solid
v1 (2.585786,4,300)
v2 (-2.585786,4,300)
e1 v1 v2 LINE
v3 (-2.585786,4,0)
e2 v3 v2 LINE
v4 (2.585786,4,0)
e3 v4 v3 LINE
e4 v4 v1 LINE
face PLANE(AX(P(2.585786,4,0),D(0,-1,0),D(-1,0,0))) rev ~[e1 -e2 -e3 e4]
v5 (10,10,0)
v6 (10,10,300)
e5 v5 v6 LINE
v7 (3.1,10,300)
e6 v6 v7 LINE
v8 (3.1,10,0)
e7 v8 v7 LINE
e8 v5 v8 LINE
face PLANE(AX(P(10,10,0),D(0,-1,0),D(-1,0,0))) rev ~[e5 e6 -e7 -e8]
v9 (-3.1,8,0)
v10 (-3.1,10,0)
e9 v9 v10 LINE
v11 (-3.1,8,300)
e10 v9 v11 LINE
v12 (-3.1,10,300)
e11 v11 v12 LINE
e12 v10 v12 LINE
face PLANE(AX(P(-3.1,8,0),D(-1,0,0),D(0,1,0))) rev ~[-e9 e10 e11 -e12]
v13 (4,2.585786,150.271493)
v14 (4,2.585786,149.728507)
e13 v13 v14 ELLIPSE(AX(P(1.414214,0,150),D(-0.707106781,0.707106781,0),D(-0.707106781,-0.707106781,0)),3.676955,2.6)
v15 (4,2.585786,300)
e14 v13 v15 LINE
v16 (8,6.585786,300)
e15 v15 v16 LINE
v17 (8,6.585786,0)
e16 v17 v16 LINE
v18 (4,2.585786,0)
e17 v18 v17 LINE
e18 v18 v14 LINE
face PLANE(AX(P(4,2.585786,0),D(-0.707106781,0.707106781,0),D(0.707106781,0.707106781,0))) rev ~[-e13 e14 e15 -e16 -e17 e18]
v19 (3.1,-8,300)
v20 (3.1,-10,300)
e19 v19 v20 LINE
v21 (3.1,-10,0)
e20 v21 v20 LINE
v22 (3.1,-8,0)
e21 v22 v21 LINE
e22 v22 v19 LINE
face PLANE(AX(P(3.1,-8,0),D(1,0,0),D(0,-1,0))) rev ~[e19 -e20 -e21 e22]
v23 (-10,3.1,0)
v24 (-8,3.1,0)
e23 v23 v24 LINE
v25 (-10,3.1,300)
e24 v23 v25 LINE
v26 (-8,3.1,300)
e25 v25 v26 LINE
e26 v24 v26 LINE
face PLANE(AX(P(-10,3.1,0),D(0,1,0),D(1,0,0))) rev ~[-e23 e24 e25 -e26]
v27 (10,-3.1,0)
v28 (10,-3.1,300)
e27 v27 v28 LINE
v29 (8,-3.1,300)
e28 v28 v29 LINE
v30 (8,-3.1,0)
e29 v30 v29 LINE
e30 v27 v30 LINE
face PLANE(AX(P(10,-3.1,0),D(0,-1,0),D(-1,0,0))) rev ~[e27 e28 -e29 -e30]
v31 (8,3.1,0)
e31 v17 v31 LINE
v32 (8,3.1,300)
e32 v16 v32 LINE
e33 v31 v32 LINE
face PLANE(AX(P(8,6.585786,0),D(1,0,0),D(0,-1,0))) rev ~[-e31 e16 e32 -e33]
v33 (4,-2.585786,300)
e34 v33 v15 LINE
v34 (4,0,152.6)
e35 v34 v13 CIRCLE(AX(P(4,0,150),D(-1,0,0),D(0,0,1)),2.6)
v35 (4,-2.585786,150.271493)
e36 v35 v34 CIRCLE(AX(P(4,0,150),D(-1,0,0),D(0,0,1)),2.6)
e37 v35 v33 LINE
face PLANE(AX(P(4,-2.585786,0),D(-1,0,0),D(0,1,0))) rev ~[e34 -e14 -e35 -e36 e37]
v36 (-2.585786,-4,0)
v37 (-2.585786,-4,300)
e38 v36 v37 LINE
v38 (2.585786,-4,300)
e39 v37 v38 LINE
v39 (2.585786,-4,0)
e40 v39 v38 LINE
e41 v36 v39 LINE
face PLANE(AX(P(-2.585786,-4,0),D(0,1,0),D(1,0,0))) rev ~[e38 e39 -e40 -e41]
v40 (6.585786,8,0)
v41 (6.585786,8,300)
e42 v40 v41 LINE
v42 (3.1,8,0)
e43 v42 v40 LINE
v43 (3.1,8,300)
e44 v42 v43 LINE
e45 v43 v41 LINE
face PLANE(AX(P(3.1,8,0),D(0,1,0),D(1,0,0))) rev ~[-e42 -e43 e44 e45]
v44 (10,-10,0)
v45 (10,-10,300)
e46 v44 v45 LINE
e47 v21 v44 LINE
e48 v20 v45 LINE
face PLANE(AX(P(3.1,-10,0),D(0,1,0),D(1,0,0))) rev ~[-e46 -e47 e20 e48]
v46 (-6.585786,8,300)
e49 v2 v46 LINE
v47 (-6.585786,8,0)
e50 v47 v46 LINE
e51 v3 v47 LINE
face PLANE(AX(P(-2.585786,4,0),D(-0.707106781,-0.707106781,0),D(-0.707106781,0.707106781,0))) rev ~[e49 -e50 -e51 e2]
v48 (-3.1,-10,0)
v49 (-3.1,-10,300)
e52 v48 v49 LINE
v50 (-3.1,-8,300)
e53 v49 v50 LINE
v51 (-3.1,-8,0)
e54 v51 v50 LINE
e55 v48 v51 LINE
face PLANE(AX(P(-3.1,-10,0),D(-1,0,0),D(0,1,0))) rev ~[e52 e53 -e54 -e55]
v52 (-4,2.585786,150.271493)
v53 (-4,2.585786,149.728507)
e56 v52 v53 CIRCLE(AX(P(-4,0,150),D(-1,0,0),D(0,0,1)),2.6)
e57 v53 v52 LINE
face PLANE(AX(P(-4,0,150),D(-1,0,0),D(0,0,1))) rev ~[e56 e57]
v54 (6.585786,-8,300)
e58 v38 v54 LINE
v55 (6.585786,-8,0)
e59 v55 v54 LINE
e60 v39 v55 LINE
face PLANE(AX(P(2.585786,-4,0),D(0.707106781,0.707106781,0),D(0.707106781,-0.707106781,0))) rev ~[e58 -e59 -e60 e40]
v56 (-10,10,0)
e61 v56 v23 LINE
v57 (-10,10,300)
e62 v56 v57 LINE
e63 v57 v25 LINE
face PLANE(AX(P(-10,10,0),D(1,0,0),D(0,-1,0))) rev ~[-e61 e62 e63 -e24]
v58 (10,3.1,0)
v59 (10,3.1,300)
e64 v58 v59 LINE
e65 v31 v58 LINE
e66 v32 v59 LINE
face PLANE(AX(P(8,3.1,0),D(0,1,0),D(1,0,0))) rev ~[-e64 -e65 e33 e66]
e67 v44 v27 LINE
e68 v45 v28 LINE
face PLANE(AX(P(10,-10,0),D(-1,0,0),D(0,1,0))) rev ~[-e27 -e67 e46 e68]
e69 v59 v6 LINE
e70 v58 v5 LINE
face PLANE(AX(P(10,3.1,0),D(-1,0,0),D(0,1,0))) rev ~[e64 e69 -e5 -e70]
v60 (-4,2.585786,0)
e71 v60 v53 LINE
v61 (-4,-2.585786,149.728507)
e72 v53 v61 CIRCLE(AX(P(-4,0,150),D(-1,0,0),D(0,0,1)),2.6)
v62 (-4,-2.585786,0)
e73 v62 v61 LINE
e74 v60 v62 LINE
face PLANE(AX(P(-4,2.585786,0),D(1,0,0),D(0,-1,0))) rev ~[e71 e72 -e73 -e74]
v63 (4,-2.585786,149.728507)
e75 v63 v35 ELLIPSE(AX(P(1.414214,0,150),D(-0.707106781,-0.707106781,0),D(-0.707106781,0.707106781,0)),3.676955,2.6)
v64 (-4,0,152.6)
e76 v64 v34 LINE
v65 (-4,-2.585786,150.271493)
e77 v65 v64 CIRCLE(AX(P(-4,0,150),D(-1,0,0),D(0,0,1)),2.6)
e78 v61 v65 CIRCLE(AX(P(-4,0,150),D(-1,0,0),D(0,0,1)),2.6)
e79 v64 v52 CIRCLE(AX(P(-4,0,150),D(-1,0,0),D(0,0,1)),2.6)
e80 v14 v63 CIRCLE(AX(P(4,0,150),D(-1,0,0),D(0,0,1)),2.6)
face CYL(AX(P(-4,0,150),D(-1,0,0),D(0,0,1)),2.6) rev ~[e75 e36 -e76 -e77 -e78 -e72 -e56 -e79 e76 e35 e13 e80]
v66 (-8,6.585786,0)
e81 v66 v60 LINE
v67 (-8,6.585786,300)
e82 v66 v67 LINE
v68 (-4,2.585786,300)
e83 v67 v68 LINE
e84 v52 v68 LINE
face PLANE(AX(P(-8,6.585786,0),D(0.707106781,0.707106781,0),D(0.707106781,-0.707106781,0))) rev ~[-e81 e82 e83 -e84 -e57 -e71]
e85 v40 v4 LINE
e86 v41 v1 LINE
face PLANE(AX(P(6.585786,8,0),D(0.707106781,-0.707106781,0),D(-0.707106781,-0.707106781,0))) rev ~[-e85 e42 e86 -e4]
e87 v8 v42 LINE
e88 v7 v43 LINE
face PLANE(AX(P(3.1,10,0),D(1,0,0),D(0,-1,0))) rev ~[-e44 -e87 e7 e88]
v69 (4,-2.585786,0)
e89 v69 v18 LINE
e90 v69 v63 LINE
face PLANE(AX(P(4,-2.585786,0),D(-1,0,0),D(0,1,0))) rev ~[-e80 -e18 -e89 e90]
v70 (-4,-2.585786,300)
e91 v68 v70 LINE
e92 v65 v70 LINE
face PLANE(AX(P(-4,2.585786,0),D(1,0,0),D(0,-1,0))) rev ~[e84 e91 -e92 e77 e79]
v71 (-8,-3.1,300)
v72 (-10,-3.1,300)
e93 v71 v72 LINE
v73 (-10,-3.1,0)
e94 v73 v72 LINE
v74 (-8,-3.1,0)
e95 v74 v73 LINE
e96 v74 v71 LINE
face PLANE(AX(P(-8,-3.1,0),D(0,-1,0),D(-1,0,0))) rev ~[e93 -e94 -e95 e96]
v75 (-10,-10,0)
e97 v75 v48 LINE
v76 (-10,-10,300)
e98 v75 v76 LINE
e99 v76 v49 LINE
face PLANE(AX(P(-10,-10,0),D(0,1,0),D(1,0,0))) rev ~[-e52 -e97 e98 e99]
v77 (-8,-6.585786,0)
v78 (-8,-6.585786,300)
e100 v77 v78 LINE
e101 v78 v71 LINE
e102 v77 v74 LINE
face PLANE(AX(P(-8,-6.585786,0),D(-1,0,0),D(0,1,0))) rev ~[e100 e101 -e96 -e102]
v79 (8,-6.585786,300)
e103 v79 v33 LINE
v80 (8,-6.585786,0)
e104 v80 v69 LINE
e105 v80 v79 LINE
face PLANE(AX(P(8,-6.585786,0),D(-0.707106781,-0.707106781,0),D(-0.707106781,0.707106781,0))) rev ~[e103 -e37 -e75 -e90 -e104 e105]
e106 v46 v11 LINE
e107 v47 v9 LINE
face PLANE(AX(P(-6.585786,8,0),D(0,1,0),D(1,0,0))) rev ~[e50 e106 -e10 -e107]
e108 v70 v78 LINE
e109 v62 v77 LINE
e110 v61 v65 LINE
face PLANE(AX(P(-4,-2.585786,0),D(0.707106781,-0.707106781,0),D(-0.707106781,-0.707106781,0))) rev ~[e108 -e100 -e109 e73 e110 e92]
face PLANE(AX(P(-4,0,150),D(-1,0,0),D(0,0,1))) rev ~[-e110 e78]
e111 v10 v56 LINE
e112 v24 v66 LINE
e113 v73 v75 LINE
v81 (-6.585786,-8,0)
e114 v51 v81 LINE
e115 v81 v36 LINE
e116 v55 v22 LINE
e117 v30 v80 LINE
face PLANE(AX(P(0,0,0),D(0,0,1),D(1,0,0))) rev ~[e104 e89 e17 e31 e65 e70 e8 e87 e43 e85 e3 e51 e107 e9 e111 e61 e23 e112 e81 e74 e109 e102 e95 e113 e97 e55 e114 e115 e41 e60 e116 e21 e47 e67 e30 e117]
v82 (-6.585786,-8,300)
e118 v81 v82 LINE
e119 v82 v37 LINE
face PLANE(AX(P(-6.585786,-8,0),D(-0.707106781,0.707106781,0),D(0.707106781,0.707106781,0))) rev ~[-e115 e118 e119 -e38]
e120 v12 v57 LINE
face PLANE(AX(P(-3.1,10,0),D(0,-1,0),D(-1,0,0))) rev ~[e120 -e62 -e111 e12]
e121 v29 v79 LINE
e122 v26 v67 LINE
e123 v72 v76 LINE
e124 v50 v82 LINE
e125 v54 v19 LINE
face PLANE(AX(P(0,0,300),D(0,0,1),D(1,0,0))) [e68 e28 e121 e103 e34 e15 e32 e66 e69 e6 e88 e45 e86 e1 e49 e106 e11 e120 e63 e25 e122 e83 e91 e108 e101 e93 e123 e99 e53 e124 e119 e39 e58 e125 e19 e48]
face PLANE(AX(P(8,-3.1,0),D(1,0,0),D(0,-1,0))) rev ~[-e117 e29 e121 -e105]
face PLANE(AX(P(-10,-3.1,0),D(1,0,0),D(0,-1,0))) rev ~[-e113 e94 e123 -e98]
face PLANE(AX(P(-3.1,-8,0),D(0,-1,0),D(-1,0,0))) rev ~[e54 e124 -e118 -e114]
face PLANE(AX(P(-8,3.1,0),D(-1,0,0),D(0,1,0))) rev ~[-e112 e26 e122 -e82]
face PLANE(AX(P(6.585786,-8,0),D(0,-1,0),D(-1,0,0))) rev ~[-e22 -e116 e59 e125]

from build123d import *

# Parameters (mm, degrees)
BOSS_EXTRUDE1_DEPTH = 300
SKETCH2_R           = 2.6
CUT_EXTRUDE1_DEPTH  = 15


with BuildPart() as part:
    # Sketch1 → Boss-Extrude1 (new body)
    with BuildSketch(Plane.XY):
        Polygon((-8, 6.585786438), (-4, 2.585786438), (-4, -2.585786438), (-8, -6.585786438), (-8, -3.1), (-10, -3.1), (-10, -10), (-3.1, -10), (-3.1, -8), (-6.585786438, -8), (-2.585786438, -4), (2.585786438, -4), (6.585786438, -8), (3.1, -8), (3.1, -10), (10, -10), (10, -3.1), (8, -3.1), (8, -6.585786438), (4, -2.585786438), (4, 2.585786438), (8, 6.585786438), (8, 3.1), (10, 3.1), (10, 10), (3.1, 10), (3.1, 8), (6.585786438, 8), (2.585786438, 4), (-2.585786438, 4), (-6.585786438, 8), (-3.1, 8), (-3.1, 10), (-10, 10), (-10, 3.1), (-8, 3.1), align=None)
    extrude(amount=BOSS_EXTRUDE1_DEPTH)

    # Sketch2 → Cut-Extrude1 (cut, through all)
    with BuildSketch(Plane.ZY.offset(4)):
        with Locations((150, 0)):
            Circle(SKETCH2_R)
    extrude(amount=-CUT_EXTRUDE1_DEPTH, mode=Mode.SUBTRACT)


solid = part.part
